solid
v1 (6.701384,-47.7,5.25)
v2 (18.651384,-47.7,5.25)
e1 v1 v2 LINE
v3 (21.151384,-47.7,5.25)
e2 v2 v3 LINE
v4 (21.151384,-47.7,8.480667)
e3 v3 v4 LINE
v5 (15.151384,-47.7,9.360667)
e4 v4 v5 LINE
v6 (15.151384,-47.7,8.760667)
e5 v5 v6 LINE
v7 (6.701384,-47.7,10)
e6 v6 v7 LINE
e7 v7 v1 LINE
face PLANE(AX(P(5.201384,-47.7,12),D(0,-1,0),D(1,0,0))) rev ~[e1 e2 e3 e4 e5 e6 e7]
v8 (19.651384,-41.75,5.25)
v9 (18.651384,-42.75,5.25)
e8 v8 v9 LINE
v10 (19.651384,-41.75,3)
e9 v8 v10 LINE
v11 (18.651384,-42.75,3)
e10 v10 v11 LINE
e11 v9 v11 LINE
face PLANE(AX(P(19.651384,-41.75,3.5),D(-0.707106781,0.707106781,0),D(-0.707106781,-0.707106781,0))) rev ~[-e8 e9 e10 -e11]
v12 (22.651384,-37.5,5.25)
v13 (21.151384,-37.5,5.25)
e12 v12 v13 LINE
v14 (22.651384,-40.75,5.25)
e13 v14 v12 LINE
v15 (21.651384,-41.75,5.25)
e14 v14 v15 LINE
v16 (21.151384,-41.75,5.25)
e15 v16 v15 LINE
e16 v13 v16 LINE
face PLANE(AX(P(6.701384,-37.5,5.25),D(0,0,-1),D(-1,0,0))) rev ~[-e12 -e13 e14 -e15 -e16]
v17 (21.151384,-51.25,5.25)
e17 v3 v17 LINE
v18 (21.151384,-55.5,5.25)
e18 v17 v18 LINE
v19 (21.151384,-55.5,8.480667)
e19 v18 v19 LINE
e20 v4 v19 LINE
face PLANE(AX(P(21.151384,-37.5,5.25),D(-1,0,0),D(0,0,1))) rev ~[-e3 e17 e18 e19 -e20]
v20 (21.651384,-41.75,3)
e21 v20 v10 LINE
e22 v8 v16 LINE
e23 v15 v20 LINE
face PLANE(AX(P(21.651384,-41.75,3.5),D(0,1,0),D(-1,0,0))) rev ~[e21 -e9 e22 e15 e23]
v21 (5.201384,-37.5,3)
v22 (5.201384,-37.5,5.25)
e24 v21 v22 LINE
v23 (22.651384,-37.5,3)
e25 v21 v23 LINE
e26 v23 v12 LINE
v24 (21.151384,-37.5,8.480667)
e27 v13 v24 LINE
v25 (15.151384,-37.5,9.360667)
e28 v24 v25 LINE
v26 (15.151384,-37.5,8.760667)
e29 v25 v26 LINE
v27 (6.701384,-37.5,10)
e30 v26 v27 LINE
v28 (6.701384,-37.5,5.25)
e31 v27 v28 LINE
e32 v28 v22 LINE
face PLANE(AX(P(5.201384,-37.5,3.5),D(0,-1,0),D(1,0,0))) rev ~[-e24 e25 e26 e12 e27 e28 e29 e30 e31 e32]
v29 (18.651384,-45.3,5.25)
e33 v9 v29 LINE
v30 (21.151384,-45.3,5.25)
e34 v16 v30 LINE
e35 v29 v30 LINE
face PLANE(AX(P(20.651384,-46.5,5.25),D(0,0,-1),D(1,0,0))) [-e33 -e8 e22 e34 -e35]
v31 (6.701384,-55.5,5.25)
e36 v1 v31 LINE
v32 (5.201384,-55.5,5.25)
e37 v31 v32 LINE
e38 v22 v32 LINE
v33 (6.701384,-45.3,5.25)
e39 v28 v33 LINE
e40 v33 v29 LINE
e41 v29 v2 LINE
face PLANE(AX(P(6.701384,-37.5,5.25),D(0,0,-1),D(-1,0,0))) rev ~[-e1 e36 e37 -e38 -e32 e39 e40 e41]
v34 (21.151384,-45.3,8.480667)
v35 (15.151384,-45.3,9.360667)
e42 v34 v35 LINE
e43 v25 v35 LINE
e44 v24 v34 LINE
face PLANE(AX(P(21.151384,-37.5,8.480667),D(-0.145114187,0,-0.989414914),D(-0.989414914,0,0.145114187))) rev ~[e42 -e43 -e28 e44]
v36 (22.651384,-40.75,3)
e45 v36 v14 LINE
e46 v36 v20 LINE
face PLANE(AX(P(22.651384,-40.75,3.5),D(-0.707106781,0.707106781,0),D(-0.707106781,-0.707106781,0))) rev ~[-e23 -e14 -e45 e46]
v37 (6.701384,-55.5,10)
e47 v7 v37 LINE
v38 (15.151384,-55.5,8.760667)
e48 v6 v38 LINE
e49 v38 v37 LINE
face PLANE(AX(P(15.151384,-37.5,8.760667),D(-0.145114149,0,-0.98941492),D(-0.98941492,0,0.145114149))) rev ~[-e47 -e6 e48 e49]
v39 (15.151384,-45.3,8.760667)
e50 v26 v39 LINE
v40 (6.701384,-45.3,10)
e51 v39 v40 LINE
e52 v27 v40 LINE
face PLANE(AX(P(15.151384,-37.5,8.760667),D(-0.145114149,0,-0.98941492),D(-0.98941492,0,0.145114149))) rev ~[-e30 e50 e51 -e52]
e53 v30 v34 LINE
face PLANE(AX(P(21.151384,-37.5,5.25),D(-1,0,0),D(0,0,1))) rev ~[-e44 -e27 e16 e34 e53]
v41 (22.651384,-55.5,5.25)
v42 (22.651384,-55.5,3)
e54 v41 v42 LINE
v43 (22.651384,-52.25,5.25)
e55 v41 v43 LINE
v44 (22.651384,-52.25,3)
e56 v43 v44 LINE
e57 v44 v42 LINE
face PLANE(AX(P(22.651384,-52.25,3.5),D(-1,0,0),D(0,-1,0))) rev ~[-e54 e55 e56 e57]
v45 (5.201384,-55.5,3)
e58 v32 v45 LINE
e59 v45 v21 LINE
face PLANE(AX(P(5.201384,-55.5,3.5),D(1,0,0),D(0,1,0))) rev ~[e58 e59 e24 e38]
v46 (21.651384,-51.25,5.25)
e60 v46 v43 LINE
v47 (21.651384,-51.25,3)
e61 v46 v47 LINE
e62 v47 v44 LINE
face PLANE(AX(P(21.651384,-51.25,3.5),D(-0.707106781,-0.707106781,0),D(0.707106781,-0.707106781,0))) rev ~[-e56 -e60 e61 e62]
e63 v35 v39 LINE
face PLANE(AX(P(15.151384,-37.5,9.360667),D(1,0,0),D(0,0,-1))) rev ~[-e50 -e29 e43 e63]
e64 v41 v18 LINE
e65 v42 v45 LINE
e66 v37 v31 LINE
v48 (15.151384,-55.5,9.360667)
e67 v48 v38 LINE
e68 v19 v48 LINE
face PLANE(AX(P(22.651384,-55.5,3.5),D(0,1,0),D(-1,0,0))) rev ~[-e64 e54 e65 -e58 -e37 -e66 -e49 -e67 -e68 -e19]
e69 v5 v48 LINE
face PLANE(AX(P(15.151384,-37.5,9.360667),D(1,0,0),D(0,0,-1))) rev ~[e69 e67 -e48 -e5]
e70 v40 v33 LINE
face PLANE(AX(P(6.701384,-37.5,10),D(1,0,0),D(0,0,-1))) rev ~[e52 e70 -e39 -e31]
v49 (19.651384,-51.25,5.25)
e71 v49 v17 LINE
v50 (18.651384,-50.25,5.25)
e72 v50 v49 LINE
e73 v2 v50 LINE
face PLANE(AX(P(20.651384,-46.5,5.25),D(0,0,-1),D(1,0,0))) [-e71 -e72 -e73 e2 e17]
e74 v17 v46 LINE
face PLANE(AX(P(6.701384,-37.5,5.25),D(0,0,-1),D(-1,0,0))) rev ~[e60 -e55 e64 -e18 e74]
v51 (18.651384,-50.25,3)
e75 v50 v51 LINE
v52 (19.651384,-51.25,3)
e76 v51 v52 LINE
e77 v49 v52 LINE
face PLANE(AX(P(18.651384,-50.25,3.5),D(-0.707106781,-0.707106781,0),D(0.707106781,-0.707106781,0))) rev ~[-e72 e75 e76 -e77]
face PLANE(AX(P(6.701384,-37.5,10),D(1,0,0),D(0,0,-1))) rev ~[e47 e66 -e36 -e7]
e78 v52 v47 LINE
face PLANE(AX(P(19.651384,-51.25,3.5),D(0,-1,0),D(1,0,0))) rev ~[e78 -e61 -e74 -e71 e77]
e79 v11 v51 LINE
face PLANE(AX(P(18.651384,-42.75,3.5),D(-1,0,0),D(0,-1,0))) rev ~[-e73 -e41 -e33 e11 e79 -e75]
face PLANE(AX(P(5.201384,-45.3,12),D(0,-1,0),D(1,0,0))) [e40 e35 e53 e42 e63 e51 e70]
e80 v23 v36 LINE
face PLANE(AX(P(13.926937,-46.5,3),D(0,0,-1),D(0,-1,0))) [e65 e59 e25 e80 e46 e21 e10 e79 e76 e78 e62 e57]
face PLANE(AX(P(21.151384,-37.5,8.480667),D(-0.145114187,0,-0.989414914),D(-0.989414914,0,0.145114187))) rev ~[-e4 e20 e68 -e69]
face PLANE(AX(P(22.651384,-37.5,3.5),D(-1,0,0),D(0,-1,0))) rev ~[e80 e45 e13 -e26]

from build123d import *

# Parameters (mm, degrees)
PAD010_DEPTH     = 18
SKETCH020_W      = 17.45
SKETCH020_H      = 2.4
POCKET011_DEPTH  = 6.75
SKETCH021_W      = 6
SKETCH021_H      = 6
PAD011_DEPTH     = 0.75
SKETCH022_W      = 4
SKETCH022_H      = 9.5
POCKET012_DEPTH  = 1
CHAMFER_SIZE     = 1
CHAMFER_FACE23_W = 6
CHAMFER_FACE23_H = 0.75
PAD012_DEPTH     = 12
PAD013_DEPTH     = 0.75
PAD014_DEPTH     = 0.5


with BuildPart() as part:
    # Sketch019 → Pad010 (new body)
    with BuildSketch(Plane.XZ):
        Polygon((21.151384, 8.480667), (15.151384, 9.360667), (15.151384, 8.760667), (6.701384, 10), (6.701384, 5.25), (5.201384, 5.25), (5.201384, 4.25), (22.651384, 4.25), (22.651384, 5.25), (21.151384, 5.25), align=None)
    extrude(amount=PAD010_DEPTH)

    # Sketch020 → Pocket011 (cut)
    with BuildSketch(Plane.XY.offset(12)):
        with Locations((13.926384, -9)):
            Rectangle(SKETCH020_W, SKETCH020_H)
    extrude(amount=-POCKET011_DEPTH, mode=Mode.SUBTRACT)

    # Sketch021 (on Face11 of Pocket011) → Pad011 (join)
    with BuildSketch(Plane(origin=(0, 0, 4.25), x_dir=(1, 0, 0), z_dir=(0, 0, -1))):
        with Locations((8.201384, 3)):
            Rectangle(SKETCH021_W, SKETCH021_H)
    extrude(amount=PAD011_DEPTH)

    # Sketch022 (on Face13 of Pad011) → Pocket012 (cut)
    with BuildSketch(Plane(origin=(0, 0, 4.25), x_dir=(1, 0, 0), z_dir=(0, 0, -1))):
        with Locations((20.651384, 9)):
            Rectangle(SKETCH022_W, SKETCH022_H)
    extrude(amount=-POCKET012_DEPTH, mode=Mode.SUBTRACT)

    # Chamfer
    chamfer_edges = [part.edges().sort_by_distance(p)[0] for p in [
        (18.651384, -4.25, 4.75),
        (18.651384, -13.75, 4.75),
        (22.651384, -4.25, 4.75),
        (22.651384, -13.75, 4.75),
    ]]
    chamfer(chamfer_edges, length=CHAMFER_SIZE)

    # Chamfer Face23 → Pad012 (add)
    with BuildSketch(Plane(origin=(8.201384, -6, 3.875), x_dir=(-1, 0, 0), z_dir=(0, -1, 0))):
        Rectangle(CHAMFER_FACE23_W, CHAMFER_FACE23_H)
    extrude(amount=PAD012_DEPTH)

    # Pad012 Face7 → Pad013 (add)
    with BuildSketch(Plane(origin=(16.064496, -9, 4.25), x_dir=(0, -1, 0), z_dir=(0, 0, -1))):
        Polygon((-5.75, -6.586888), (-4.75, -5.586888), (-4.75, -3.586888), (-3.75, -2.586888), (3.75, -2.586888), (4.75, -3.586888), (4.75, -5.586888), (5.75, -6.586888), (9, -6.586888), (9, 4.863112), (-9, 4.863112), (-9, -6.586888), align=None)
    extrude(amount=PAD013_DEPTH)

    # Pad013 Face25 → Pad014 (add)
    with BuildSketch(Plane(origin=(12.988741, -9, 3.5), x_dir=(0, -1, 0), z_dir=(0, 0, -1))):
        Polygon((-5.75, -9.662643), (-4.75, -8.662643), (-4.75, -6.662643), (-3.75, -5.662643), (3.75, -5.662643), (4.75, -6.662643), (4.75, -8.662643), (5.75, -9.662643), (9, -9.662643), (9, 7.787357), (-9, 7.787357), (-9, -9.662643), align=None)
    extrude(amount=PAD014_DEPTH)


with BuildPart() as part_1:
    # Body004 placement: moved
    add(part.part.moved(Location((0, -37.5, 0))))


solid = part_1.part
